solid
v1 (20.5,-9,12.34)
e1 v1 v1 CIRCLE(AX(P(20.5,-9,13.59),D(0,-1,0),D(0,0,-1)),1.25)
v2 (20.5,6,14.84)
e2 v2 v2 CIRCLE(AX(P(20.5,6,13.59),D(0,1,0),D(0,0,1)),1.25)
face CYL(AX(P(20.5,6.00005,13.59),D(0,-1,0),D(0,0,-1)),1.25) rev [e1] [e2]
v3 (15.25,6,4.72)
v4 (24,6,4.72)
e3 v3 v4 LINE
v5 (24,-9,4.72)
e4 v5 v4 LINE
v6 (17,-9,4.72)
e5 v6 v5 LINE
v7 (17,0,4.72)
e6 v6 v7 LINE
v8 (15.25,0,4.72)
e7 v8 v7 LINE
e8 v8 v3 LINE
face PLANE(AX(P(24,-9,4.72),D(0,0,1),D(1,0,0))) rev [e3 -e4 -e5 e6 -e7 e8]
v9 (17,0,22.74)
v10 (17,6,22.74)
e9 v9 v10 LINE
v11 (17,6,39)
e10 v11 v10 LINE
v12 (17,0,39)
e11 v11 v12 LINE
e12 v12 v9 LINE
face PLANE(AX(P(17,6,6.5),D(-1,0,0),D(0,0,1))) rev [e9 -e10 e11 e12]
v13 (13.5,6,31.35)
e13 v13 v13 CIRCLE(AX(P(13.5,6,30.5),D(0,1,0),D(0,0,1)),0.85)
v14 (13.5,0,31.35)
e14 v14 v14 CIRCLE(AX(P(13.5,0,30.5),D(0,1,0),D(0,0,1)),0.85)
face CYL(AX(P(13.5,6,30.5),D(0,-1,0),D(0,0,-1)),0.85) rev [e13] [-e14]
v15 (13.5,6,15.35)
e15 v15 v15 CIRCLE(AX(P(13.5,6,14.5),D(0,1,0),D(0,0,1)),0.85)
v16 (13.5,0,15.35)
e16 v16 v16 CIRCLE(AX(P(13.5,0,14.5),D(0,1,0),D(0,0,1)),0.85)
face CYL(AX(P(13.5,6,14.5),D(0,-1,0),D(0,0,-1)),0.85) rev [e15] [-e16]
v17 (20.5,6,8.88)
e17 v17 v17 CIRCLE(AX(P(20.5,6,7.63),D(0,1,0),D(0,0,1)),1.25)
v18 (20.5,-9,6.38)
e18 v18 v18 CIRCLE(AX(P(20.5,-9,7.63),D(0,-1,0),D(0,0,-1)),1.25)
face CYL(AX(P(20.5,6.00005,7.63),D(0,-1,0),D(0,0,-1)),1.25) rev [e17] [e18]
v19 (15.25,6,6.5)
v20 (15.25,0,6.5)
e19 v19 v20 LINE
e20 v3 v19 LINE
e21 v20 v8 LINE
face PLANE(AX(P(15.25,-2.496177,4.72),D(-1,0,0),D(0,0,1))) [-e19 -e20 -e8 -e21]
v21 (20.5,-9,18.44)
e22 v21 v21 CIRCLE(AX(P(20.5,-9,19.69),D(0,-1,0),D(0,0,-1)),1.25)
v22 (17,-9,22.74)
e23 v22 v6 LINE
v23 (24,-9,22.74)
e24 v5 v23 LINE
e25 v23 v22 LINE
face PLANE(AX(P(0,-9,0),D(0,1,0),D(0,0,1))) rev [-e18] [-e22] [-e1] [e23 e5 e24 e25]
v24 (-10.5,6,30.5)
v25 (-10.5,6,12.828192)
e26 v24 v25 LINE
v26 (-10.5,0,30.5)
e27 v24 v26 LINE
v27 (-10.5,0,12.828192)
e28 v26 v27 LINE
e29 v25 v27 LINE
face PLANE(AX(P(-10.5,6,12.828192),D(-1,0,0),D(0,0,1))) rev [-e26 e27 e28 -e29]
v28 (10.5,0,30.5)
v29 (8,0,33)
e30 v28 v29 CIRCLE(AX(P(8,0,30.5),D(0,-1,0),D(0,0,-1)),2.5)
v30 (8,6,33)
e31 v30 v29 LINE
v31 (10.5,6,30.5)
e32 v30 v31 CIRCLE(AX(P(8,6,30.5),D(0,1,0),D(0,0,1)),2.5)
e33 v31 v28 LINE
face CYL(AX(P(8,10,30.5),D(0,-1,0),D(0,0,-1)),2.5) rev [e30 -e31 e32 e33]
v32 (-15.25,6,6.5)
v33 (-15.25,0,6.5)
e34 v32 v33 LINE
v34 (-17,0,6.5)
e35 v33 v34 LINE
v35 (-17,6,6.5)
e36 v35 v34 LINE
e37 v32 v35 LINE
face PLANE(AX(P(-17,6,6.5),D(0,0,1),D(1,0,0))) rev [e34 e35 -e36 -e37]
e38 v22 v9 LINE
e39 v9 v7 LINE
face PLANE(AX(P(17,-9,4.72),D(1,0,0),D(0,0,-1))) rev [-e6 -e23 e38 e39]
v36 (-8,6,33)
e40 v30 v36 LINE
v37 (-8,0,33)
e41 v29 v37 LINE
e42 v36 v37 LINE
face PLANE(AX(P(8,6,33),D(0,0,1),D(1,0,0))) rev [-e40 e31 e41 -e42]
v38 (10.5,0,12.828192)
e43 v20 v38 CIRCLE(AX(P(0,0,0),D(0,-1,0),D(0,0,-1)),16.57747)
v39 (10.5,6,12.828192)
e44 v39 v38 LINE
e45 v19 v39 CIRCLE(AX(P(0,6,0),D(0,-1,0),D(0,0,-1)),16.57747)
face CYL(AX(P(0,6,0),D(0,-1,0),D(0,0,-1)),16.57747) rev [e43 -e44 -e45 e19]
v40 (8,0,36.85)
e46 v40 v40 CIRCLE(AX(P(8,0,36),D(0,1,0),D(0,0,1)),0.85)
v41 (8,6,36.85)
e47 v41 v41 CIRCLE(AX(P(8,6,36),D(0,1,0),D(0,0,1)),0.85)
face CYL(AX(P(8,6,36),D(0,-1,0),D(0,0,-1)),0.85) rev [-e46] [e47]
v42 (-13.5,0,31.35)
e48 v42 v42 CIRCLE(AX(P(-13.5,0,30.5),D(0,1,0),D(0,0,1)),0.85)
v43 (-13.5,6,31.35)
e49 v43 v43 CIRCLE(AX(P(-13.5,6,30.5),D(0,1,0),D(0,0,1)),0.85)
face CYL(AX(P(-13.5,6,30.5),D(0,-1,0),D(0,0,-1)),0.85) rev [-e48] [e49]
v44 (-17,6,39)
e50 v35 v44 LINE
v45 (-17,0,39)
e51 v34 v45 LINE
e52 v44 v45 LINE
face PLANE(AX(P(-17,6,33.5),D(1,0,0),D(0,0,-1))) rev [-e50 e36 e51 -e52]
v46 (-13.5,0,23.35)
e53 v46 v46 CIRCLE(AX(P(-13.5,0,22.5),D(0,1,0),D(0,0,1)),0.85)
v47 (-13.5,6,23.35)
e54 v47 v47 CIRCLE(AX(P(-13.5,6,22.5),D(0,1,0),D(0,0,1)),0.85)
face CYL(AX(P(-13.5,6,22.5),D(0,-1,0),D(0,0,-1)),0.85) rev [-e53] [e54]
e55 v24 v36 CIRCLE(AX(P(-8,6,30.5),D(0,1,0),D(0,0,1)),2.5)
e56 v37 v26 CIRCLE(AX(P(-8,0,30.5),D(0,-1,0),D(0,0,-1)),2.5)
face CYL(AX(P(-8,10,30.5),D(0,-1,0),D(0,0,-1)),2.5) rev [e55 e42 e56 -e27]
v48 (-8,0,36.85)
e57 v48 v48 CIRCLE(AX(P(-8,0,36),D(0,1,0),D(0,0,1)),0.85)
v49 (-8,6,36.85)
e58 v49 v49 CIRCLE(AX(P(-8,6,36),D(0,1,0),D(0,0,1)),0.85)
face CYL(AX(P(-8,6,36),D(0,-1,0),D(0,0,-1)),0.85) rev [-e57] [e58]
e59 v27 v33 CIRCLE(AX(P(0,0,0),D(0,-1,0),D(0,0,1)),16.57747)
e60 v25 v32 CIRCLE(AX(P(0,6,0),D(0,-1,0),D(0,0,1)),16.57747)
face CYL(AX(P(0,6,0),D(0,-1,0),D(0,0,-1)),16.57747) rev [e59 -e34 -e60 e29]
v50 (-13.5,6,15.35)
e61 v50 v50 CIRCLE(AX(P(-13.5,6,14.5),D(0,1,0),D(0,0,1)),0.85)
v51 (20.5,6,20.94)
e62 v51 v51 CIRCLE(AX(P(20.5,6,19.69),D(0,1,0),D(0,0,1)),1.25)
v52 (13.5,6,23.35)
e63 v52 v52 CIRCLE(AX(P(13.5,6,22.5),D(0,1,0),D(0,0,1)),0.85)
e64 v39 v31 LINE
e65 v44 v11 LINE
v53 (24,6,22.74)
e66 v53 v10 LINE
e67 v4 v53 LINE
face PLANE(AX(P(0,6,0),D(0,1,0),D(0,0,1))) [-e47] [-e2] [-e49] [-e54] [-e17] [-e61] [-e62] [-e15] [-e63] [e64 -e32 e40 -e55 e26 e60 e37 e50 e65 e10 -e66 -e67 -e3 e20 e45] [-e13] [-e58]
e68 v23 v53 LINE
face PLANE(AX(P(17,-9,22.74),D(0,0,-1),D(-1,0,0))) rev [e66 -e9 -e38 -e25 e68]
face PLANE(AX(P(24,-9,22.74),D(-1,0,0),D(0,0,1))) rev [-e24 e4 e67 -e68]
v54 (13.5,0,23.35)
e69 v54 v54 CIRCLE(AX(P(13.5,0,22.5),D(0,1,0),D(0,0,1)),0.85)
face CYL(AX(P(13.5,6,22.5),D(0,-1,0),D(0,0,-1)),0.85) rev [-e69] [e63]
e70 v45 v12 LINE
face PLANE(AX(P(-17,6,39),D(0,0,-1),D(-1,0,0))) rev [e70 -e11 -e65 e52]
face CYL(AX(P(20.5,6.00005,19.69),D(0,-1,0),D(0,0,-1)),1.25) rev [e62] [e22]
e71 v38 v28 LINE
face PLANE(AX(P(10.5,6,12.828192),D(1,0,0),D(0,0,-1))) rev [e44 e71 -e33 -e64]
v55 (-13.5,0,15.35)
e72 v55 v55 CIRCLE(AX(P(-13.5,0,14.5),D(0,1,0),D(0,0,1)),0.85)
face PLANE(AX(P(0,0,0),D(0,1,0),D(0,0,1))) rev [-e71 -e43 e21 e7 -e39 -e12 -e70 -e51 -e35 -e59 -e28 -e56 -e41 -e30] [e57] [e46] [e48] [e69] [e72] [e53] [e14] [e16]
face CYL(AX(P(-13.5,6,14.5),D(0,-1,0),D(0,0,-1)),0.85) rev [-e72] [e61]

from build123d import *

# Parameters (mm, degrees)
SKETCH1_R                = 0.85
BOSS_EXTRUDE1_DEPTH      = 6
BOSS_EXTRUDE2_DEPTH      = 9
BOSS_EXTRUDE2_DEPTH_BACK = 6
SKETCH4_R                = 1.25
CUT_EXTRUDE2_DEPTH       = 49.187135213
CUT_EXTRUDE3_DEPTH       = 10
SKETCH7_W                = 1.75
SKETCH7_H                = 1.78
BOSS_EXTRUDE4_DEPTH      = 6


with BuildPart() as part:
    # Sketch1 → Boss-Extrude1 (new body)
    with BuildSketch(Plane(origin=(0, 0, 0), x_dir=(1, 0, 0), z_dir=(0, 1, 0))):
        with BuildLine():
            Line((-17, -6.5), (-17, -33.5))
            Line((-17, -33.5), (-17, -39))
            Line((-17, -39), (17, -39))
            Line((17, -39), (17, -33.5))
            Line((17, -33.5), (17, -6.5))
            Line((17, -6.5), (15.25, -6.5))
            ThreePointArc((15.25, -6.5), (13.258096668, -9.951651759), (10.5, -12.828191611))
            Line((10.5, -12.828191611), (10.5, -30.5))
            Line((10.5, -30.5), (8, -30.5))
            Line((8, -30.5), (8, -33))
            Line((8, -33), (-8, -33))
            Line((-8, -33), (-8, -30.5))
            Line((-8, -30.5), (-10.5, -30.5))
            Line((-10.5, -30.5), (-10.5, -12.828191611))
            ThreePointArc((-10.5, -12.828191611), (-13.258096668, -9.951651759), (-15.25, -6.5))
            Line((-15.25, -6.5), (-17, -6.5))
        make_face()
        with Locations(Location((-13.5, -30.5, 0), (0, 0, 270))):
            Circle(SKETCH1_R, mode=Mode.SUBTRACT)
        with Locations(Location((-13.5, -22.5, 0), (0, 0, 270))):
            Circle(SKETCH1_R, mode=Mode.SUBTRACT)
        with Locations(Location((-13.5, -14.5, 0), (0, 0, 270))):
            Circle(SKETCH1_R, mode=Mode.SUBTRACT)
        with Locations(Location((-8, -36, 0), (0, 0, 270))):
            Circle(SKETCH1_R, mode=Mode.SUBTRACT)
        with Locations(Location((8, -36, 0), (0, 0, 270))):
            Circle(SKETCH1_R, mode=Mode.SUBTRACT)
        with Locations(Location((13.5, -30.5, 0), (0, 0, 270))):
            Circle(SKETCH1_R, mode=Mode.SUBTRACT)
        with Locations(Location((13.5, -22.5, 0), (0, 0, 270))):
            Circle(SKETCH1_R, mode=Mode.SUBTRACT)
        with Locations(Location((13.5, -14.5, 0), (0, 0, 270))):
            Circle(SKETCH1_R, mode=Mode.SUBTRACT)
    extrude(amount=BOSS_EXTRUDE1_DEPTH)

    # Sketch3 → Boss-Extrude2 (add, two sides: drawn at the far end of the back side and taken through both)
    with BuildSketch(Plane.XZ.offset(-BOSS_EXTRUDE2_DEPTH_BACK)):
        Polygon((17, 22.74), (24, 22.74), (24, 4.72), (17, 4.72), (17, 7.901808389), align=None)
    extrude(amount=BOSS_EXTRUDE2_DEPTH + BOSS_EXTRUDE2_DEPTH_BACK)

    # Sketch4 → Cut-Extrude2 (cut, through all)
    with BuildSketch(Plane.XZ.offset(9)):
        with Locations(Location((20.5, 7.63, 0), (0, 0, 270))):
            Circle(SKETCH4_R)
        with Locations(Location((20.5, 13.59, 0), (0, 0, 270))):
            Circle(SKETCH4_R)
        with Locations(Location((20.5, 19.69, 0), (0, 0, 270))):
            Circle(SKETCH4_R)
    extrude(amount=-CUT_EXTRUDE2_DEPTH, mode=Mode.SUBTRACT)

    # Sketch5 → Cut-Extrude3 (cut)
    with BuildSketch(Plane.XZ):
        with BuildLine():
            Line((8, 33), (-8, 33))
            ThreePointArc((-8, 33), (-9.767766953, 32.267766953), (-10.5, 30.5))
            Line((-10.5, 30.5), (10.5, 30.5))
            ThreePointArc((10.5, 30.5), (9.767766953, 32.267766953), (8, 33))
        make_face()
    extrude(amount=-CUT_EXTRUDE3_DEPTH, mode=Mode.SUBTRACT)

    # Sketch7 → Boss-Extrude4 (add)
    with BuildSketch(Plane(origin=(0, 6, 0), x_dir=(1, 0, 0), z_dir=(0, 1, 0))):
        with Locations((16.125, -5.61)):
            Rectangle(SKETCH7_W, SKETCH7_H)
    extrude(amount=-BOSS_EXTRUDE4_DEPTH)


solid = part.part
